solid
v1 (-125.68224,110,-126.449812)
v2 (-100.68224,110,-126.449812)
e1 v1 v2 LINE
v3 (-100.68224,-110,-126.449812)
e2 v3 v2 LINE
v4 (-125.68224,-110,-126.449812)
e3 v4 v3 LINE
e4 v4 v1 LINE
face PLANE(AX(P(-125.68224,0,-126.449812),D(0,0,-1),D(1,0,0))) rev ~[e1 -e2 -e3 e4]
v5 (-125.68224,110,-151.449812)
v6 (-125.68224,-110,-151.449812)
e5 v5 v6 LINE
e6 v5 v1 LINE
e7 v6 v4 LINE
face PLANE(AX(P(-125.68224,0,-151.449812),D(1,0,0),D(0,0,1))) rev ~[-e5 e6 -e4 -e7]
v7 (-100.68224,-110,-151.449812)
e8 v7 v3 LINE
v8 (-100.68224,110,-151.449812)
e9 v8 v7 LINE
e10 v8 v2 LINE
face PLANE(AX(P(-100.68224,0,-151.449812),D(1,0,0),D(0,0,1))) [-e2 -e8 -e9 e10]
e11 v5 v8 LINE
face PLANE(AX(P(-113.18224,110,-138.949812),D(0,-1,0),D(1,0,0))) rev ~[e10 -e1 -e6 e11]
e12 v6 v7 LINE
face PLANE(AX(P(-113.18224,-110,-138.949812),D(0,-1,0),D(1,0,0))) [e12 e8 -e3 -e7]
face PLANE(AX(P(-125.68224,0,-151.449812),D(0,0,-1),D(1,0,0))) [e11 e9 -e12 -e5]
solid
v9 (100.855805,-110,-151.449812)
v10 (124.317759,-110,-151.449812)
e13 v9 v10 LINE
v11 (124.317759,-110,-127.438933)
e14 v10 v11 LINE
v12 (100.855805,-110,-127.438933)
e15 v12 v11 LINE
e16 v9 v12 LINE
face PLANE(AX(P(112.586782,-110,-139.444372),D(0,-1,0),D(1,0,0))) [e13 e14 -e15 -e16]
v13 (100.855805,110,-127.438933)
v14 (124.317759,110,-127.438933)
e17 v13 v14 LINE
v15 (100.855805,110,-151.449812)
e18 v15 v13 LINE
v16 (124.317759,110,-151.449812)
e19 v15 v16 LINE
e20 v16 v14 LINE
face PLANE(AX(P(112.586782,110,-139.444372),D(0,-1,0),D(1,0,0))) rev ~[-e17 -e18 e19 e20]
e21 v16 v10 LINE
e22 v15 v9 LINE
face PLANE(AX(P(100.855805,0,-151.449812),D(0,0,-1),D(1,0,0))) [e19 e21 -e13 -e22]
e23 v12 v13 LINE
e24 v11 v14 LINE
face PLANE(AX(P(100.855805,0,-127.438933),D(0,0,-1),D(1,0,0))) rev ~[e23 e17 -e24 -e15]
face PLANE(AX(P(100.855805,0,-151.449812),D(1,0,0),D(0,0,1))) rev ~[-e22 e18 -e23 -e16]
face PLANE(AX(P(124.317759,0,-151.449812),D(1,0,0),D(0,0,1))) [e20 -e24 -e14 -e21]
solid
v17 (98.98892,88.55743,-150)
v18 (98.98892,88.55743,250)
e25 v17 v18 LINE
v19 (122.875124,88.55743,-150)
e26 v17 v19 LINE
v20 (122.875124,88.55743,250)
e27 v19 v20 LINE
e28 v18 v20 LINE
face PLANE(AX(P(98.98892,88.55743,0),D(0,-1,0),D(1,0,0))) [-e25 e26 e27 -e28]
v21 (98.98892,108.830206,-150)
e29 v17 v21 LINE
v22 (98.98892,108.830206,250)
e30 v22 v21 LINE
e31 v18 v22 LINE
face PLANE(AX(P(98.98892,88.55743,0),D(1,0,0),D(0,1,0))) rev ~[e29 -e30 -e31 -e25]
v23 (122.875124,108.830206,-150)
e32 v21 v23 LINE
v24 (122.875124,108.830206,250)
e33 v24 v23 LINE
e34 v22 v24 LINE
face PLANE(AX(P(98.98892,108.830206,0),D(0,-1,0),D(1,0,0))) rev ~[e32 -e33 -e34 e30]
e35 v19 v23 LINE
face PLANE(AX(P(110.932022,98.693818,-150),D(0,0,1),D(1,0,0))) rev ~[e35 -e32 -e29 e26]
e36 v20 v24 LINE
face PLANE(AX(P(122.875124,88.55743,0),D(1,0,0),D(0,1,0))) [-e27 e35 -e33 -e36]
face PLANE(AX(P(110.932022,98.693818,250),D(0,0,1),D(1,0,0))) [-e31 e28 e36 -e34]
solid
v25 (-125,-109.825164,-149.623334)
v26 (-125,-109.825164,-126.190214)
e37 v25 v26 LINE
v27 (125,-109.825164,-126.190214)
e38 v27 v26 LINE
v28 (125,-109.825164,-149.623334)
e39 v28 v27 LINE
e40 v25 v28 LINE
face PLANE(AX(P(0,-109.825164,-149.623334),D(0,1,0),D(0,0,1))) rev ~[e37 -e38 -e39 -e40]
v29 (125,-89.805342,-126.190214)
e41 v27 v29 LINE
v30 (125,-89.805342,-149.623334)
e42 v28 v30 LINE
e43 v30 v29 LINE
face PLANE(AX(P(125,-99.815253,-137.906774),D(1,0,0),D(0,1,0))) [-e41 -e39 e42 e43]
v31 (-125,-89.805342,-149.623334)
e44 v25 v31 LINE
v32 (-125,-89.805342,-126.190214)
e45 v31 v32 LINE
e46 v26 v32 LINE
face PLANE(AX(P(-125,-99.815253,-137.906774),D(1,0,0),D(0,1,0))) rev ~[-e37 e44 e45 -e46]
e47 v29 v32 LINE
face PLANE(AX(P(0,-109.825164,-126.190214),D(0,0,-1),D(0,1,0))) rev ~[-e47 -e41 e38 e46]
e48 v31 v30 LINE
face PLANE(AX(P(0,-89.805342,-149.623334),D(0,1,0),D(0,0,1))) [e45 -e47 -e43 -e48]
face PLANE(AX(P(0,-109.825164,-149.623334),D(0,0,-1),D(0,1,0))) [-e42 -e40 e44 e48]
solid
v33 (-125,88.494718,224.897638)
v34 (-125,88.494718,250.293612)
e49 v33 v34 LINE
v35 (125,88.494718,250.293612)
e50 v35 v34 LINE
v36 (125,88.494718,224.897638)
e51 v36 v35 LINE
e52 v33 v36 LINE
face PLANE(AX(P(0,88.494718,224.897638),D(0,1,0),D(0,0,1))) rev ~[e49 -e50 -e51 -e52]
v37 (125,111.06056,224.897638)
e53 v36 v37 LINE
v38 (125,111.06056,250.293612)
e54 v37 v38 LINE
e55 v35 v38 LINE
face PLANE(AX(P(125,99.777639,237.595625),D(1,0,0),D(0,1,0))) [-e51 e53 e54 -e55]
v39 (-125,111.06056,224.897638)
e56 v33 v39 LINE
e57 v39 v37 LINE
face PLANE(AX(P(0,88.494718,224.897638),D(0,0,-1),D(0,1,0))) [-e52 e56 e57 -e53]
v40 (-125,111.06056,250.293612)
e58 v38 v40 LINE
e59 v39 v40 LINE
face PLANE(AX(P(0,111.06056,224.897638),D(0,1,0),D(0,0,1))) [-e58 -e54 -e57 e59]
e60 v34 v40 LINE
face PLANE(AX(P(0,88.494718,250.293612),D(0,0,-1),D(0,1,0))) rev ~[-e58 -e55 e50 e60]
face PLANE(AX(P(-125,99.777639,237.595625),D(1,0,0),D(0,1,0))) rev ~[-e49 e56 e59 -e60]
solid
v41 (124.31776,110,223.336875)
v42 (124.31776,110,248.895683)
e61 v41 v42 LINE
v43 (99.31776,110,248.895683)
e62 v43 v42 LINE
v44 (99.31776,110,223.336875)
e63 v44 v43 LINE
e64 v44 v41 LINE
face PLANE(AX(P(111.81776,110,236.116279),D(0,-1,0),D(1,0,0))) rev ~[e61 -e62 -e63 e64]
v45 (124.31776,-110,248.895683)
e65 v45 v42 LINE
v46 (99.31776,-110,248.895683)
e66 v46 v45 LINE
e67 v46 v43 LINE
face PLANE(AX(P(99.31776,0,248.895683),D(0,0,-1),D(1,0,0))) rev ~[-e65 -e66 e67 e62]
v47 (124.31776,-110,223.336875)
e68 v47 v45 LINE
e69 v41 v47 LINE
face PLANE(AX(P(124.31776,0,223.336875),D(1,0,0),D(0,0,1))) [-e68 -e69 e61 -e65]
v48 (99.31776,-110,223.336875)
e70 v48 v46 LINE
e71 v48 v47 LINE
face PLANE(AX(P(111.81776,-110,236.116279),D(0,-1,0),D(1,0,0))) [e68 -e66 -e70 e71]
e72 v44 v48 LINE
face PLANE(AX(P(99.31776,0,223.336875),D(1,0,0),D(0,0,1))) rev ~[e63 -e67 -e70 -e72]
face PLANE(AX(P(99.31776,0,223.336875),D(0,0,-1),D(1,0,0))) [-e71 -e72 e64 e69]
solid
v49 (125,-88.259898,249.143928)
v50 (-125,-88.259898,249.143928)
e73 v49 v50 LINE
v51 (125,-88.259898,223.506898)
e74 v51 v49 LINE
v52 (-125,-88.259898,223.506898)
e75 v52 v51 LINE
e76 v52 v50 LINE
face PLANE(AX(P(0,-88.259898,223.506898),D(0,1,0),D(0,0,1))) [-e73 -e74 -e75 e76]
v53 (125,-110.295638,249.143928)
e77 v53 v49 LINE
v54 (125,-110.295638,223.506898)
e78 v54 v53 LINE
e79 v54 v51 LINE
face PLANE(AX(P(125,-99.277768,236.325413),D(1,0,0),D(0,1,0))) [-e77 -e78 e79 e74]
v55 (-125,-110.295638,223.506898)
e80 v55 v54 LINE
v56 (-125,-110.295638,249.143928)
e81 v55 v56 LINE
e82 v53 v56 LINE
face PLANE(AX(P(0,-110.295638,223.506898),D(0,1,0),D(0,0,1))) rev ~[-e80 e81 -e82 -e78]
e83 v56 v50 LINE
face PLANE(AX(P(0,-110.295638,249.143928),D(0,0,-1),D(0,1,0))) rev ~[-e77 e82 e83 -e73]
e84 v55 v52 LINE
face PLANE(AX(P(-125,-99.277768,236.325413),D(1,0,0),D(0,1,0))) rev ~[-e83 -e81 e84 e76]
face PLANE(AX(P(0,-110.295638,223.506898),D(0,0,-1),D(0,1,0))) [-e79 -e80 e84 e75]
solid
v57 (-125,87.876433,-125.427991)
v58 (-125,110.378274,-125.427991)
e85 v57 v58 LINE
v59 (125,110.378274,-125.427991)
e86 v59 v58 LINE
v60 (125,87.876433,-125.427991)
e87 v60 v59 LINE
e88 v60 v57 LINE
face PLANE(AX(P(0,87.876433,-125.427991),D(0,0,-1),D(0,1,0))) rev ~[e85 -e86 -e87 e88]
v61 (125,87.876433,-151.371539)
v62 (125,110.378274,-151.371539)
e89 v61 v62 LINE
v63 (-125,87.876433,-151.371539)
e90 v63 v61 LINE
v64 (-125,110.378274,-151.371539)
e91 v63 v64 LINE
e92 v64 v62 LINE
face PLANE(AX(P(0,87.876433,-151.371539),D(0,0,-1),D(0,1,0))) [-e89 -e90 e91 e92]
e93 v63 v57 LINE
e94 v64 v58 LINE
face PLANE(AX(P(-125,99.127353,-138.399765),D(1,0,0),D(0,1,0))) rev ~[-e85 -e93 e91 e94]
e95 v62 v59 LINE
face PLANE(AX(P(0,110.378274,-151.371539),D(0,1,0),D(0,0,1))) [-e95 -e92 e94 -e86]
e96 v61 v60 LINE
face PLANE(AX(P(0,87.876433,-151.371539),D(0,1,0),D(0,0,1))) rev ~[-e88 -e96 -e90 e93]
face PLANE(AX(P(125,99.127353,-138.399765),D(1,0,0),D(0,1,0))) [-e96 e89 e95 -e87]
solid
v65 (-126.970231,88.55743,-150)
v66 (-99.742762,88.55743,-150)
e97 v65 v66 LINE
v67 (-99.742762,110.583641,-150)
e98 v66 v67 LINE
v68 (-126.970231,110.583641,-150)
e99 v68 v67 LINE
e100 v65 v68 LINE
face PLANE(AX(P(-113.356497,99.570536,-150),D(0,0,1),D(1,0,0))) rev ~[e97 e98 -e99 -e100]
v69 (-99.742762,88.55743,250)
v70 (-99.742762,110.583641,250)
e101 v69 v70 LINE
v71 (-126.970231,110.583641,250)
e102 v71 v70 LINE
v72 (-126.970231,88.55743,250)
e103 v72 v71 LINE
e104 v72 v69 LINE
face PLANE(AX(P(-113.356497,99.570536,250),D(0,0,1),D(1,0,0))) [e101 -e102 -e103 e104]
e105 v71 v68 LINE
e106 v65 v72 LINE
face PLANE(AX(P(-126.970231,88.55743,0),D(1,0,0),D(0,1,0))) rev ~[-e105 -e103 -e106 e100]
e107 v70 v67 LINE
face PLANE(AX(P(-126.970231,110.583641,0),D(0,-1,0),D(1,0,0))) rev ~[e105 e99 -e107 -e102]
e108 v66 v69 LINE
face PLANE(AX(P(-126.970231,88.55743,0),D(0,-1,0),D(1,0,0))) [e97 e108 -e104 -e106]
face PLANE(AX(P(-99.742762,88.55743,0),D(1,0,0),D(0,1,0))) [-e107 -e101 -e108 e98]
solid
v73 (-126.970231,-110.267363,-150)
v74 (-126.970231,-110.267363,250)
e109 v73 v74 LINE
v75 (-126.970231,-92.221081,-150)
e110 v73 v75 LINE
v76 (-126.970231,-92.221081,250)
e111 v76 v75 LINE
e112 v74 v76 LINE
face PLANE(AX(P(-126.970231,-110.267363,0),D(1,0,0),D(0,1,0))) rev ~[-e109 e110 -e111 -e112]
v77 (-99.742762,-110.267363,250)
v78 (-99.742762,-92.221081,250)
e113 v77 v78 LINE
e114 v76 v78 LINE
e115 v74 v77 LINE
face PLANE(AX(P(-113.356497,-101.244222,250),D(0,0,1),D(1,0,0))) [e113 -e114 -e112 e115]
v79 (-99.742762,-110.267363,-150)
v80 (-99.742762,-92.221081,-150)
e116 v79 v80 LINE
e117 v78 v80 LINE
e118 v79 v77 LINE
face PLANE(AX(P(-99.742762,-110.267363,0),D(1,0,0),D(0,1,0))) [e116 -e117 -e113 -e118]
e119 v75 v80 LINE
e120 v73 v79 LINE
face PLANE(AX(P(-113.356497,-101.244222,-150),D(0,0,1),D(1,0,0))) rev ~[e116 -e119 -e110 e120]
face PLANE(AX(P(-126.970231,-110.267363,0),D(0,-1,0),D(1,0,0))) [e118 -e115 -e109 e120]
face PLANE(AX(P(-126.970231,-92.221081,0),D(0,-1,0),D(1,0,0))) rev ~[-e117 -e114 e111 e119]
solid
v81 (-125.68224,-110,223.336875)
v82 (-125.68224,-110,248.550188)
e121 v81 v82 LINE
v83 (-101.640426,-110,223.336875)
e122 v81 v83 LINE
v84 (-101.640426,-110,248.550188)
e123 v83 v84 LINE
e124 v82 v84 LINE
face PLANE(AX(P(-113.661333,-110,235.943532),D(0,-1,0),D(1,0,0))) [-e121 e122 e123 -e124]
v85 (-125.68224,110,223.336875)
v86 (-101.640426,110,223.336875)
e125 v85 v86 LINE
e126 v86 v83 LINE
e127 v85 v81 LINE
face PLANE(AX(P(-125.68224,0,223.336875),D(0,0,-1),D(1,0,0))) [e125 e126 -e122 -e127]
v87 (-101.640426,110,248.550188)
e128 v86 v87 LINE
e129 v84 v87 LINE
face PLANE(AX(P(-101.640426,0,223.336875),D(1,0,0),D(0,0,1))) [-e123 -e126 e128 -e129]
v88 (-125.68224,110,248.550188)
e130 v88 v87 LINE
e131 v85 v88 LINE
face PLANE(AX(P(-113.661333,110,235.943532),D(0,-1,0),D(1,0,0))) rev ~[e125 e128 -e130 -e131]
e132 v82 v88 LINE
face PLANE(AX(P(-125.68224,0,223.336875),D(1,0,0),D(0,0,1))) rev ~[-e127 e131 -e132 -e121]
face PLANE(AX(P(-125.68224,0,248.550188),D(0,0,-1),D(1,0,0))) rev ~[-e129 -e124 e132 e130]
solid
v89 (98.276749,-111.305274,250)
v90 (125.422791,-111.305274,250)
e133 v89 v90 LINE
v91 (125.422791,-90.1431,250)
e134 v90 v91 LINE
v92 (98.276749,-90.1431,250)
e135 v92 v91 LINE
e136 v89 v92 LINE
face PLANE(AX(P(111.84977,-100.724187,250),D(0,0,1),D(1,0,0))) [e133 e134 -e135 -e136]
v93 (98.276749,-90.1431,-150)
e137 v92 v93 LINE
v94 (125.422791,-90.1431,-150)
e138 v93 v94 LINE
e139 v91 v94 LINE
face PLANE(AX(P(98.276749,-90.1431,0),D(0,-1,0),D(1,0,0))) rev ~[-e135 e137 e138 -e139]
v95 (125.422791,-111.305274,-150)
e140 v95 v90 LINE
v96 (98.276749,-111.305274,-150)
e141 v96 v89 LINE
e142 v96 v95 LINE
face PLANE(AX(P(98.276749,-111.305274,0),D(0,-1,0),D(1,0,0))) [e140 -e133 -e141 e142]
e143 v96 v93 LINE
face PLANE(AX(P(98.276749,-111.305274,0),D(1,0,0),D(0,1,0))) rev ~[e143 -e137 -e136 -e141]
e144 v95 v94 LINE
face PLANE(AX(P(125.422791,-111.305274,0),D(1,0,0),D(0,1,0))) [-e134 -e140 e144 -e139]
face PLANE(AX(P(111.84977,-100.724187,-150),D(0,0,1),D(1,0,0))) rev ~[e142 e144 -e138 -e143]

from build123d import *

# Parameters (mm, degrees)
F1_W          = 25
F1_H          = 25.558808
F1_W_2        = 24.041814
F1_H_2        = 25.213313
F1_W_3        = 23.461955
F1_H_3        = 24.010879
F1_H_4        = 25
F2_DEPTH      = 110
F2_DEPTH_BACK = 110
F3_W          = 27.227469
F3_H          = 22.026211
F3_W_2        = 23.886204
F3_H_2        = 20.272776
F3_W_3        = 27.146042
F3_H_3        = 21.162175
F3_H_4        = 18.046282
F4_DEPTH      = 250
F4_DEPTH_BACK = 150
F5_W          = 22.501841
F5_H          = 25.943548
F5_W_2        = 22.565842
F5_H_2        = 25.395974
F5_W_3        = 20.019822
F5_H_3        = 23.433119
F5_W_4        = 22.03574
F5_H_4        = 25.63703
F6_DEPTH      = 125
F6_DEPTH_BACK = 125


with BuildPart() as f2:
    # F1 (on face) → F2 (new body, two sides)
    with BuildSketch(Plane.XZ) as f2_sk:
        with Locations((111.81776, 236.116279)):
            Rectangle(F1_W, F1_H)
        with Locations((-113.661333, 235.943532)):
            Rectangle(F1_W_2, F1_H_2)
        with Locations((112.586782, -139.444372)):
            Rectangle(F1_W_3, F1_H_3)
        with Locations((-113.18224, -138.949812)):
            Rectangle(F1_W, F1_H_4)
    extrude(amount=F2_DEPTH)
    extrude(f2_sk.sketch, amount=-F2_DEPTH_BACK)


with BuildPart() as f4:
    # F3 (on Top) → F4 (new body, two sides)
    with BuildSketch(Plane.XY) as f4_sk:
        with Locations((-113.356497, 99.570536)):
            Rectangle(F3_W, F3_H)
        with Locations((110.932022, 98.693818)):
            Rectangle(F3_W_2, F3_H_2)
        with Locations((111.84977, -100.724187)):
            Rectangle(F3_W_3, F3_H_3)
        with Locations((-113.356497, -101.244222)):
            Rectangle(F3_W, F3_H_4)
    extrude(amount=F4_DEPTH)
    extrude(f4_sk.sketch, amount=-F4_DEPTH_BACK)


with BuildPart() as f6:
    # F5 (on Right) → F6 (new body, two sides)
    with BuildSketch(Plane.YZ) as f6_sk:
        with Locations((99.127353, -138.399765)):
            Rectangle(F5_W, F5_H)
        with Locations((99.777639, 237.595625)):
            Rectangle(F5_W_2, F5_H_2)
        with Locations((-99.815253, -137.906774)):
            Rectangle(F5_W_3, F5_H_3)
        with Locations((-99.277768, 236.325413)):
            Rectangle(F5_W_4, F5_H_4)
    extrude(amount=F6_DEPTH)
    extrude(f6_sk.sketch, amount=-F6_DEPTH_BACK)


solid = Compound([f2.part, f4.part, f6.part])
